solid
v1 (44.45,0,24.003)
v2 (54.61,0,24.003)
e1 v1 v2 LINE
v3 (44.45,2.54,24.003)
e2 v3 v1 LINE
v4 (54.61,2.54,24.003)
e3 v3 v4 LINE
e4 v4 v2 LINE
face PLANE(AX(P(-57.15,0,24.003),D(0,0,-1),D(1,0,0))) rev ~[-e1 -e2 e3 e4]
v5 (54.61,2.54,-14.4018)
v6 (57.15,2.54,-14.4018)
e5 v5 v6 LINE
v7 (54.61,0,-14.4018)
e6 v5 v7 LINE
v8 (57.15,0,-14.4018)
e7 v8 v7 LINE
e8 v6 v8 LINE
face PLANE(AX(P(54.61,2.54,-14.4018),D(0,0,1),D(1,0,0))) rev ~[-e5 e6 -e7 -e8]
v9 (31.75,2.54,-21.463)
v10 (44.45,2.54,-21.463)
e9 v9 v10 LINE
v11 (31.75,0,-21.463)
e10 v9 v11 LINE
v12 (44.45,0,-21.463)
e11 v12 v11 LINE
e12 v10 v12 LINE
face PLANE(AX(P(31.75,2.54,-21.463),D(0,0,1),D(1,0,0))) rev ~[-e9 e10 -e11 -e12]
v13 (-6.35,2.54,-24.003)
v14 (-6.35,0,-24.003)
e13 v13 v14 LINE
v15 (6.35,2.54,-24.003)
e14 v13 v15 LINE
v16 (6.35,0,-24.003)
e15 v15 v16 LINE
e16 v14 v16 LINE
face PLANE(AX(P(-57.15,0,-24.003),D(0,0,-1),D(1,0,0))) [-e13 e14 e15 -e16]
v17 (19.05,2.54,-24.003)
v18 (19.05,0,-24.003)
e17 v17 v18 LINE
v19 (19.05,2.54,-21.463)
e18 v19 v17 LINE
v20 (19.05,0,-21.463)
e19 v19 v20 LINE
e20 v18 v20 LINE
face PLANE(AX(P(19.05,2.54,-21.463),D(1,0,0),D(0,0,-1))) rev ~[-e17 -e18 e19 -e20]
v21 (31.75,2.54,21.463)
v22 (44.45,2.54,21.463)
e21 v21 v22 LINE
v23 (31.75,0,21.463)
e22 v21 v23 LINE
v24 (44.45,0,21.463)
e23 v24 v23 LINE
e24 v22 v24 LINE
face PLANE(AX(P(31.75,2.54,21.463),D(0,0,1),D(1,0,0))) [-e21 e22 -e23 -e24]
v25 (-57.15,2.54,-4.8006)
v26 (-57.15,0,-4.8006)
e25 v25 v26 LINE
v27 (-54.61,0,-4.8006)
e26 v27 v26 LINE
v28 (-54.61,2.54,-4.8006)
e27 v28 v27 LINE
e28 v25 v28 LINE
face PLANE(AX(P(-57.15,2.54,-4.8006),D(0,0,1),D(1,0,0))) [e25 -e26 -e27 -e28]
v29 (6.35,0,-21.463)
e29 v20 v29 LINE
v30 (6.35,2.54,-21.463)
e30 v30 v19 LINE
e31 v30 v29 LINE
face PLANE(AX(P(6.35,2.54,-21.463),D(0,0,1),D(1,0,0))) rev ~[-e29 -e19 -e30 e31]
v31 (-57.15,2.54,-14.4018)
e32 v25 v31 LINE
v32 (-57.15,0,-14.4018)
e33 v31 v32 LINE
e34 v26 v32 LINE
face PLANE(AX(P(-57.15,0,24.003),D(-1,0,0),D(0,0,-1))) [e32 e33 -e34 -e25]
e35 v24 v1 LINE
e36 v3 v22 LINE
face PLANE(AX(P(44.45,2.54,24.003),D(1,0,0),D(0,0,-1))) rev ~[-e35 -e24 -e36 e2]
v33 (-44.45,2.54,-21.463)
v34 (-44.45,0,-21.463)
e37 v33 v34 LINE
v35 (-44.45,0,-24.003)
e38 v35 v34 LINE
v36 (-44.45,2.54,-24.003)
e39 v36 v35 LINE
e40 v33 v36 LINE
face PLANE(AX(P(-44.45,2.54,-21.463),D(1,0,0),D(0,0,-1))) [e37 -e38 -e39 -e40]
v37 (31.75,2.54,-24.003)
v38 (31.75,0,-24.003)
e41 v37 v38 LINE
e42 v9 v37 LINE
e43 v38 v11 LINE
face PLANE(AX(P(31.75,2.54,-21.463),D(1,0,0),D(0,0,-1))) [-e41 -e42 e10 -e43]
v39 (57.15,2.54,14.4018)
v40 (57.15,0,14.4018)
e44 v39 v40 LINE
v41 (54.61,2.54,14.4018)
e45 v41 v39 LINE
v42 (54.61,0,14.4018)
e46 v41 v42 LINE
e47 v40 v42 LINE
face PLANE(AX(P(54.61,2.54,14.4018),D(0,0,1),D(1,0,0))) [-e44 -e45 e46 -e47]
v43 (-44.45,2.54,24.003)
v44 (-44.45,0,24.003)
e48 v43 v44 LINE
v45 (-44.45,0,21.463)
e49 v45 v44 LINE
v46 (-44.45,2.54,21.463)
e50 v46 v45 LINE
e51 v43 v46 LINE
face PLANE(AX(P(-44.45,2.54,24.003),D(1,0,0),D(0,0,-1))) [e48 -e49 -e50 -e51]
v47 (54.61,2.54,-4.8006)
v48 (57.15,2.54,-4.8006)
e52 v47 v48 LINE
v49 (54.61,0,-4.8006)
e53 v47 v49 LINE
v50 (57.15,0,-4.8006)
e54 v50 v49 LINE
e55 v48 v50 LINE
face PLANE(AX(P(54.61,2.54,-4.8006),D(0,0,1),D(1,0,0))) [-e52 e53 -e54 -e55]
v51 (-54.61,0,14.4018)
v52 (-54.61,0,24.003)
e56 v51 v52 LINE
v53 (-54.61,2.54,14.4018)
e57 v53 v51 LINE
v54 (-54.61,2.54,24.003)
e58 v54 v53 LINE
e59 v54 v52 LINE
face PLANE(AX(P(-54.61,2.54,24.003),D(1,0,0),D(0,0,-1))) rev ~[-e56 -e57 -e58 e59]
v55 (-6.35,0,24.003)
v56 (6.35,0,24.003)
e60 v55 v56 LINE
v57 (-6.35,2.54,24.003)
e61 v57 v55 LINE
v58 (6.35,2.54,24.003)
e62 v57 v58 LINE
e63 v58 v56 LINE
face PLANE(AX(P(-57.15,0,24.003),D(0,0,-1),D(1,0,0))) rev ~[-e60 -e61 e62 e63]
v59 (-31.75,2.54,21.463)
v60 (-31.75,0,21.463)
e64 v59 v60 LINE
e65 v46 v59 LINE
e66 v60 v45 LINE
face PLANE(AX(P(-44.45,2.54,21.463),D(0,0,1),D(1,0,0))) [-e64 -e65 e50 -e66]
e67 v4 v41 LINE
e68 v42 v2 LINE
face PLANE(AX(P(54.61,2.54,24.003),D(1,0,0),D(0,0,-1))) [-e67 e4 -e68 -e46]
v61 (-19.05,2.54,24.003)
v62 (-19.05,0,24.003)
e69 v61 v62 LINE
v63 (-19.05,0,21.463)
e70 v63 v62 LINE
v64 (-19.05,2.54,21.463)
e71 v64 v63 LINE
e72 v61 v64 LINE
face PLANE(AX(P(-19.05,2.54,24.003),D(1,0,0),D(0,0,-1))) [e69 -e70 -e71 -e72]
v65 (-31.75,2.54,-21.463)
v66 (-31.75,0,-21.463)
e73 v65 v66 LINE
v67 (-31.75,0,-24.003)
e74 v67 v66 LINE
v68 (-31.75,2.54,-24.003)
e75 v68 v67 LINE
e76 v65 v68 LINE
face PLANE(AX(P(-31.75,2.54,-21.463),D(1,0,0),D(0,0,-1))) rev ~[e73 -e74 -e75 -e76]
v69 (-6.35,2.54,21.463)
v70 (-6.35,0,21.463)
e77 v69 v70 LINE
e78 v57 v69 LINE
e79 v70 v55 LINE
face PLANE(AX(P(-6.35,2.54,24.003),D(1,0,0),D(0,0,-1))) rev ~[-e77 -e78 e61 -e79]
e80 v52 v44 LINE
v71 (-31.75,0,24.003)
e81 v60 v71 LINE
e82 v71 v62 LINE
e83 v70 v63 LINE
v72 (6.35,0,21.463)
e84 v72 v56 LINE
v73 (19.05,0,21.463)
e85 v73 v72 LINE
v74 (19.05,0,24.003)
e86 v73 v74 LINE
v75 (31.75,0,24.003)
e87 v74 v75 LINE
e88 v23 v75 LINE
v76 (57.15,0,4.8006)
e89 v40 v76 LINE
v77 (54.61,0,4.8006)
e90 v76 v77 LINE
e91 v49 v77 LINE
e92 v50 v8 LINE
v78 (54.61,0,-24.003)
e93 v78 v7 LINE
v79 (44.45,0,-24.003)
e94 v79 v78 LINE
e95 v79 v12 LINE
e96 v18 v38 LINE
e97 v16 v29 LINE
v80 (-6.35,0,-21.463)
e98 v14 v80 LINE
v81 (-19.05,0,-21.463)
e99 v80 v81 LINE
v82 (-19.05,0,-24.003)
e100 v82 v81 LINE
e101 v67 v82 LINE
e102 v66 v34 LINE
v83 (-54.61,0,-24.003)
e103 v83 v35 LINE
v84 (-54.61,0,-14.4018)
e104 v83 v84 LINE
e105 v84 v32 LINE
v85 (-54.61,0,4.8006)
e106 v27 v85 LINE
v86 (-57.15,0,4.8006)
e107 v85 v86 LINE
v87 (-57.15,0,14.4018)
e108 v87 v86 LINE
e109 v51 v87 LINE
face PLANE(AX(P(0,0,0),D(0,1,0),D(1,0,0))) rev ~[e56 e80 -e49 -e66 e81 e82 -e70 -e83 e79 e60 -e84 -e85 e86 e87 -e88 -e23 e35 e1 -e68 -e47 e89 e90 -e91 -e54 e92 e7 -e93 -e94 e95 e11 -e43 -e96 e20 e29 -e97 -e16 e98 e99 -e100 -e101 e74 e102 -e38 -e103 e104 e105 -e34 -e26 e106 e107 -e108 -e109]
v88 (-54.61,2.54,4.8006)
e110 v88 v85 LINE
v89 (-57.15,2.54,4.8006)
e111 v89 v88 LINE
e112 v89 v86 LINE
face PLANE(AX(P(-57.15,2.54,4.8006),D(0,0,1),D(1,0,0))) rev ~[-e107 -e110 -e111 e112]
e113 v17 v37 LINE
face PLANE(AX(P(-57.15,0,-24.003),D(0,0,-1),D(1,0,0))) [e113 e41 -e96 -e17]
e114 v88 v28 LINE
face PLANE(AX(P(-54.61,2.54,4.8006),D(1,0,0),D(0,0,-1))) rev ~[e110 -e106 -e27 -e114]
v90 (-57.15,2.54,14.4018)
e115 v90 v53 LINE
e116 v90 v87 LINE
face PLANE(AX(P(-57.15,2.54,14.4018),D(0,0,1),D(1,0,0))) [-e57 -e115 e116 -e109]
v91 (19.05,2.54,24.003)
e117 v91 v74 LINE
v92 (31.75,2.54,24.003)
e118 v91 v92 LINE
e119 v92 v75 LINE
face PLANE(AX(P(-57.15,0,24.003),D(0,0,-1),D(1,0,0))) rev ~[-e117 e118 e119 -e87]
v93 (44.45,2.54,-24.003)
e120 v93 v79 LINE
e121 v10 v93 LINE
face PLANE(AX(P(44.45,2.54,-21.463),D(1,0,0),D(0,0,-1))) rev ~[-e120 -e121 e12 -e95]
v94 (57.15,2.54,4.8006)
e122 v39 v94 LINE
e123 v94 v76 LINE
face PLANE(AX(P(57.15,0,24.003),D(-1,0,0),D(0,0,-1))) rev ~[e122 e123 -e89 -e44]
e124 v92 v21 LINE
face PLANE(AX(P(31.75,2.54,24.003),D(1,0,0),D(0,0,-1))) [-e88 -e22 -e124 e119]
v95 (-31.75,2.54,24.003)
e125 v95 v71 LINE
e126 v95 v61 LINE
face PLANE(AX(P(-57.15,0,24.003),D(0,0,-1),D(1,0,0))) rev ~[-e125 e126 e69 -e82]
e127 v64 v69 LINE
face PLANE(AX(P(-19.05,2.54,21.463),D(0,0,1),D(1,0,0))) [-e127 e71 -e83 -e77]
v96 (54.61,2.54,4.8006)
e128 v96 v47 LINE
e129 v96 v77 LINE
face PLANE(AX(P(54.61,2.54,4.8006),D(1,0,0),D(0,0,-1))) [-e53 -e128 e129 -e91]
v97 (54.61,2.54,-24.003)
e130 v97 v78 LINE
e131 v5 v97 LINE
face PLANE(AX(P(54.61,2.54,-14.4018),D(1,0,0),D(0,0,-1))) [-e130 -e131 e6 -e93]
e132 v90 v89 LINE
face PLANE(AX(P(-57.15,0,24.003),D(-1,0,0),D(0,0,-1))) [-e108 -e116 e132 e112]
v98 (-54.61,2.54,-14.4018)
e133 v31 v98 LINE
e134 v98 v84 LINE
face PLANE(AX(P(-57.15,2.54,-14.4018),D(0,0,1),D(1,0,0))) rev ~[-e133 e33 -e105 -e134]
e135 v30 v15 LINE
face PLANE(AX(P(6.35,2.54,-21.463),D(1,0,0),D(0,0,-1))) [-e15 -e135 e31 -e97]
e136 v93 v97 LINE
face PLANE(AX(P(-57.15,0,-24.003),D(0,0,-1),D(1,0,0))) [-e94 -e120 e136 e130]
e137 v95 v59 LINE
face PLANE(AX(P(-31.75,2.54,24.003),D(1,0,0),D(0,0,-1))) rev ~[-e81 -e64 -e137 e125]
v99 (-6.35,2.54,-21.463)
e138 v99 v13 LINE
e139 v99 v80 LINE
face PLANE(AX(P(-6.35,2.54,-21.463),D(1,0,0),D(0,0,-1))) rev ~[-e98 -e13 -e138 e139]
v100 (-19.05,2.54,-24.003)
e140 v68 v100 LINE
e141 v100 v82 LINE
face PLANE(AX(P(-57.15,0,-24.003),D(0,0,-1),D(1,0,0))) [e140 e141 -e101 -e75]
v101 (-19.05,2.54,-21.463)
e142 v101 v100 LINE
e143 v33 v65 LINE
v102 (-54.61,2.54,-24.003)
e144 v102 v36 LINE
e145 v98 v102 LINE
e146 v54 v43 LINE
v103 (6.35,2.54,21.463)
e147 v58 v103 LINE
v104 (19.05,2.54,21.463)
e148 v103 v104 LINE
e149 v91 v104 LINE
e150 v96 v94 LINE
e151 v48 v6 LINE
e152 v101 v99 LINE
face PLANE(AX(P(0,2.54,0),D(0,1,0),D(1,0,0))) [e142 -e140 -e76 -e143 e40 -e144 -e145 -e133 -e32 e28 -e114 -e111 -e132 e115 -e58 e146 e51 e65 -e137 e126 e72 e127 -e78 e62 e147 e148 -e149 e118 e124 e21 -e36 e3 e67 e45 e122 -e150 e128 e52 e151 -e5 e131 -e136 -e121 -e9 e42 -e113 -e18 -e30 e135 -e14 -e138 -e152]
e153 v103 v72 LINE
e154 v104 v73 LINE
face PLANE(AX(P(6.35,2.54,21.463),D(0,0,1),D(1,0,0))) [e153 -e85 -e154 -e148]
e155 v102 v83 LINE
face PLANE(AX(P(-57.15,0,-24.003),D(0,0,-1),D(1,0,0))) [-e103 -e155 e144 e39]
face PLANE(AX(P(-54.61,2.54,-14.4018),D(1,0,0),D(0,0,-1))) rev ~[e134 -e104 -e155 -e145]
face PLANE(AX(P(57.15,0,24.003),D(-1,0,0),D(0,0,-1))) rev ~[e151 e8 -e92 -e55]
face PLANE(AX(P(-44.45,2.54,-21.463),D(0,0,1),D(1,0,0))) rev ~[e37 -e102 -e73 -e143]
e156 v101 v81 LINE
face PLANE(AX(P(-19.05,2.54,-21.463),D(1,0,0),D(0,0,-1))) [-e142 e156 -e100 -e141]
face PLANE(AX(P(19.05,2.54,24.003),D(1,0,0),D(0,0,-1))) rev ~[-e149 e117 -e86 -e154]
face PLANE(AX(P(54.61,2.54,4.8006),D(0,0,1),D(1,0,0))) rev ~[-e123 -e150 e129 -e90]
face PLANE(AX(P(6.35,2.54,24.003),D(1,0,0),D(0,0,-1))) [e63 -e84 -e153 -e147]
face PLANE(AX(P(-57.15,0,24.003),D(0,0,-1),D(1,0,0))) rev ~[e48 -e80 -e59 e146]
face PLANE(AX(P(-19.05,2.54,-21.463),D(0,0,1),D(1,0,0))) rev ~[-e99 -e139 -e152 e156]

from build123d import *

# Parameters (mm, degrees)
SKETCH1_W           = 114.3
SKETCH1_H           = 48.006
BOSS_EXTRUDE1_DEPTH = 2.54
CUT_EXTRUDE2_REACH  = 64.038
SKETCH2_W           = 2.54
SKETCH2_H           = 9.6012
SKETCH2_W_2         = 12.7
SKETCH2_H_2         = 2.54


with BuildPart() as part:
    # Sketch1 → Boss-Extrude1 (new body)
    with BuildSketch(Plane(origin=(0, 0, 0), x_dir=(1, 0, 0), z_dir=(0, 1, 0))):
        Rectangle(SKETCH1_W, SKETCH1_H)
    extrude(amount=BOSS_EXTRUDE1_DEPTH)

    # Sketch2 → Cut-Extrude2 (cut, up to next)
    with BuildSketch(Plane(origin=(0, 2.54, 0), x_dir=(1, 0, 0), z_dir=(0, 1, 0)), mode=Mode.PRIVATE) as cut_extrude2_sk1:
        with Locations((-55.88, 19.2024)):
            Rectangle(SKETCH2_W, SKETCH2_H)
    cut_extrude2_tool1 = extrude(cut_extrude2_sk1.sketch, amount=-CUT_EXTRUDE2_REACH, mode=Mode.PRIVATE) & part.part
    # Sketch2 → Cut-Extrude2 (cut, up to next)
    with BuildSketch(Plane(origin=(0, 2.54, 0), x_dir=(1, 0, 0), z_dir=(0, 1, 0)), mode=Mode.PRIVATE) as cut_extrude2_sk2:
        with Locations((-38.1, 22.733)):
            Rectangle(SKETCH2_W_2, SKETCH2_H_2)
    cut_extrude2_tool2 = extrude(cut_extrude2_sk2.sketch, amount=-CUT_EXTRUDE2_REACH, mode=Mode.PRIVATE) & part.part
    # Sketch2 → Cut-Extrude2 (cut, up to next)
    with BuildSketch(Plane(origin=(0, 2.54, 0), x_dir=(1, 0, 0), z_dir=(0, 1, 0)), mode=Mode.PRIVATE) as cut_extrude2_sk3:
        with Locations((-12.7, 22.733)):
            Rectangle(SKETCH2_W_2, SKETCH2_H_2)
    cut_extrude2_tool3 = extrude(cut_extrude2_sk3.sketch, amount=-CUT_EXTRUDE2_REACH, mode=Mode.PRIVATE) & part.part
    # Sketch2 → Cut-Extrude2 (cut, up to next)
    with BuildSketch(Plane(origin=(0, 2.54, 0), x_dir=(1, 0, 0), z_dir=(0, 1, 0)), mode=Mode.PRIVATE) as cut_extrude2_sk4:
        with Locations((12.7, 22.733)):
            Rectangle(SKETCH2_W_2, SKETCH2_H_2)
    cut_extrude2_tool4 = extrude(cut_extrude2_sk4.sketch, amount=-CUT_EXTRUDE2_REACH, mode=Mode.PRIVATE) & part.part
    # Sketch2 → Cut-Extrude2 (cut, up to next)
    with BuildSketch(Plane(origin=(0, 2.54, 0), x_dir=(1, 0, 0), z_dir=(0, 1, 0)), mode=Mode.PRIVATE) as cut_extrude2_sk5:
        with Locations((38.1, 22.733)):
            Rectangle(SKETCH2_W_2, SKETCH2_H_2)
    cut_extrude2_tool5 = extrude(cut_extrude2_sk5.sketch, amount=-CUT_EXTRUDE2_REACH, mode=Mode.PRIVATE) & part.part
    # Sketch2 → Cut-Extrude2 (cut, up to next)
    with BuildSketch(Plane(origin=(0, 2.54, 0), x_dir=(1, 0, 0), z_dir=(0, 1, 0)), mode=Mode.PRIVATE) as cut_extrude2_sk6:
        with Locations((55.88, 19.2024)):
            Rectangle(SKETCH2_W, SKETCH2_H)
    cut_extrude2_tool6 = extrude(cut_extrude2_sk6.sketch, amount=-CUT_EXTRUDE2_REACH, mode=Mode.PRIVATE) & part.part
    # Sketch2 → Cut-Extrude2 (cut, up to next)
    with BuildSketch(Plane(origin=(0, 2.54, 0), x_dir=(1, 0, 0), z_dir=(0, 1, 0)), mode=Mode.PRIVATE) as cut_extrude2_sk7:
        with Locations((55.88, 0)):
            Rectangle(SKETCH2_W, SKETCH2_H)
    cut_extrude2_tool7 = extrude(cut_extrude2_sk7.sketch, amount=-CUT_EXTRUDE2_REACH, mode=Mode.PRIVATE) & part.part
    # Sketch2 → Cut-Extrude2 (cut, up to next)
    with BuildSketch(Plane(origin=(0, 2.54, 0), x_dir=(1, 0, 0), z_dir=(0, 1, 0)), mode=Mode.PRIVATE) as cut_extrude2_sk8:
        with Locations((55.88, -19.2024)):
            Rectangle(SKETCH2_W, SKETCH2_H)
    cut_extrude2_tool8 = extrude(cut_extrude2_sk8.sketch, amount=-CUT_EXTRUDE2_REACH, mode=Mode.PRIVATE) & part.part
    # Sketch2 → Cut-Extrude2 (cut, up to next)
    with BuildSketch(Plane(origin=(0, 2.54, 0), x_dir=(1, 0, 0), z_dir=(0, 1, 0)), mode=Mode.PRIVATE) as cut_extrude2_sk9:
        with Locations((38.1, -22.733)):
            Rectangle(SKETCH2_W_2, SKETCH2_H_2)
    cut_extrude2_tool9 = extrude(cut_extrude2_sk9.sketch, amount=-CUT_EXTRUDE2_REACH, mode=Mode.PRIVATE) & part.part
    # Sketch2 → Cut-Extrude2 (cut, up to next)
    with BuildSketch(Plane(origin=(0, 2.54, 0), x_dir=(1, 0, 0), z_dir=(0, 1, 0)), mode=Mode.PRIVATE) as cut_extrude2_sk10:
        with Locations((12.7, -22.733)):
            Rectangle(SKETCH2_W_2, SKETCH2_H_2)
    cut_extrude2_tool10 = extrude(cut_extrude2_sk10.sketch, amount=-CUT_EXTRUDE2_REACH, mode=Mode.PRIVATE) & part.part
    # Sketch2 → Cut-Extrude2 (cut, up to next)
    with BuildSketch(Plane(origin=(0, 2.54, 0), x_dir=(1, 0, 0), z_dir=(0, 1, 0)), mode=Mode.PRIVATE) as cut_extrude2_sk11:
        with Locations((-12.7, -22.733)):
            Rectangle(SKETCH2_W_2, SKETCH2_H_2)
    cut_extrude2_tool11 = extrude(cut_extrude2_sk11.sketch, amount=-CUT_EXTRUDE2_REACH, mode=Mode.PRIVATE) & part.part
    # Sketch2 → Cut-Extrude2 (cut, up to next)
    with BuildSketch(Plane(origin=(0, 2.54, 0), x_dir=(1, 0, 0), z_dir=(0, 1, 0)), mode=Mode.PRIVATE) as cut_extrude2_sk12:
        with Locations((-38.1, -22.733)):
            Rectangle(SKETCH2_W_2, SKETCH2_H_2)
    cut_extrude2_tool12 = extrude(cut_extrude2_sk12.sketch, amount=-CUT_EXTRUDE2_REACH, mode=Mode.PRIVATE) & part.part
    # Sketch2 → Cut-Extrude2 (cut, up to next)
    with BuildSketch(Plane(origin=(0, 2.54, 0), x_dir=(1, 0, 0), z_dir=(0, 1, 0)), mode=Mode.PRIVATE) as cut_extrude2_sk13:
        with Locations((-55.88, -19.2024)):
            Rectangle(SKETCH2_W, SKETCH2_H)
    cut_extrude2_tool13 = extrude(cut_extrude2_sk13.sketch, amount=-CUT_EXTRUDE2_REACH, mode=Mode.PRIVATE) & part.part
    # Sketch2 → Cut-Extrude2 (cut, up to next)
    with BuildSketch(Plane(origin=(0, 2.54, 0), x_dir=(1, 0, 0), z_dir=(0, 1, 0)), mode=Mode.PRIVATE) as cut_extrude2_sk14:
        with Locations((-55.88, 0)):
            Rectangle(SKETCH2_W, SKETCH2_H)
    cut_extrude2_tool14 = extrude(cut_extrude2_sk14.sketch, amount=-CUT_EXTRUDE2_REACH, mode=Mode.PRIVATE) & part.part
    add(cut_extrude2_tool1.solids().sort_by_distance((-55.88, 2.54, -19.2024))[0], mode=Mode.SUBTRACT)
    add(cut_extrude2_tool2.solids().sort_by_distance((-38.1, 2.54, -22.733))[0], mode=Mode.SUBTRACT)
    add(cut_extrude2_tool3.solids().sort_by_distance((-12.7, 2.54, -22.733))[0], mode=Mode.SUBTRACT)
    add(cut_extrude2_tool4.solids().sort_by_distance((12.7, 2.54, -22.733))[0], mode=Mode.SUBTRACT)
    add(cut_extrude2_tool5.solids().sort_by_distance((38.1, 2.54, -22.733))[0], mode=Mode.SUBTRACT)
    add(cut_extrude2_tool6.solids().sort_by_distance((55.88, 2.54, -19.2024))[0], mode=Mode.SUBTRACT)
    add(cut_extrude2_tool7.solids().sort_by_distance((55.88, 2.54, 0))[0], mode=Mode.SUBTRACT)
    add(cut_extrude2_tool8.solids().sort_by_distance((55.88, 2.54, 19.2024))[0], mode=Mode.SUBTRACT)
    add(cut_extrude2_tool9.solids().sort_by_distance((38.1, 2.54, 22.733))[0], mode=Mode.SUBTRACT)
    add(cut_extrude2_tool10.solids().sort_by_distance((12.7, 2.54, 22.733))[0], mode=Mode.SUBTRACT)
    add(cut_extrude2_tool11.solids().sort_by_distance((-12.7, 2.54, 22.733))[0], mode=Mode.SUBTRACT)
    add(cut_extrude2_tool12.solids().sort_by_distance((-38.1, 2.54, 22.733))[0], mode=Mode.SUBTRACT)
    add(cut_extrude2_tool13.solids().sort_by_distance((-55.88, 2.54, 19.2024))[0], mode=Mode.SUBTRACT)
    add(cut_extrude2_tool14.solids().sort_by_distance((-55.88, 2.54, 0))[0], mode=Mode.SUBTRACT)


solid = part.part
